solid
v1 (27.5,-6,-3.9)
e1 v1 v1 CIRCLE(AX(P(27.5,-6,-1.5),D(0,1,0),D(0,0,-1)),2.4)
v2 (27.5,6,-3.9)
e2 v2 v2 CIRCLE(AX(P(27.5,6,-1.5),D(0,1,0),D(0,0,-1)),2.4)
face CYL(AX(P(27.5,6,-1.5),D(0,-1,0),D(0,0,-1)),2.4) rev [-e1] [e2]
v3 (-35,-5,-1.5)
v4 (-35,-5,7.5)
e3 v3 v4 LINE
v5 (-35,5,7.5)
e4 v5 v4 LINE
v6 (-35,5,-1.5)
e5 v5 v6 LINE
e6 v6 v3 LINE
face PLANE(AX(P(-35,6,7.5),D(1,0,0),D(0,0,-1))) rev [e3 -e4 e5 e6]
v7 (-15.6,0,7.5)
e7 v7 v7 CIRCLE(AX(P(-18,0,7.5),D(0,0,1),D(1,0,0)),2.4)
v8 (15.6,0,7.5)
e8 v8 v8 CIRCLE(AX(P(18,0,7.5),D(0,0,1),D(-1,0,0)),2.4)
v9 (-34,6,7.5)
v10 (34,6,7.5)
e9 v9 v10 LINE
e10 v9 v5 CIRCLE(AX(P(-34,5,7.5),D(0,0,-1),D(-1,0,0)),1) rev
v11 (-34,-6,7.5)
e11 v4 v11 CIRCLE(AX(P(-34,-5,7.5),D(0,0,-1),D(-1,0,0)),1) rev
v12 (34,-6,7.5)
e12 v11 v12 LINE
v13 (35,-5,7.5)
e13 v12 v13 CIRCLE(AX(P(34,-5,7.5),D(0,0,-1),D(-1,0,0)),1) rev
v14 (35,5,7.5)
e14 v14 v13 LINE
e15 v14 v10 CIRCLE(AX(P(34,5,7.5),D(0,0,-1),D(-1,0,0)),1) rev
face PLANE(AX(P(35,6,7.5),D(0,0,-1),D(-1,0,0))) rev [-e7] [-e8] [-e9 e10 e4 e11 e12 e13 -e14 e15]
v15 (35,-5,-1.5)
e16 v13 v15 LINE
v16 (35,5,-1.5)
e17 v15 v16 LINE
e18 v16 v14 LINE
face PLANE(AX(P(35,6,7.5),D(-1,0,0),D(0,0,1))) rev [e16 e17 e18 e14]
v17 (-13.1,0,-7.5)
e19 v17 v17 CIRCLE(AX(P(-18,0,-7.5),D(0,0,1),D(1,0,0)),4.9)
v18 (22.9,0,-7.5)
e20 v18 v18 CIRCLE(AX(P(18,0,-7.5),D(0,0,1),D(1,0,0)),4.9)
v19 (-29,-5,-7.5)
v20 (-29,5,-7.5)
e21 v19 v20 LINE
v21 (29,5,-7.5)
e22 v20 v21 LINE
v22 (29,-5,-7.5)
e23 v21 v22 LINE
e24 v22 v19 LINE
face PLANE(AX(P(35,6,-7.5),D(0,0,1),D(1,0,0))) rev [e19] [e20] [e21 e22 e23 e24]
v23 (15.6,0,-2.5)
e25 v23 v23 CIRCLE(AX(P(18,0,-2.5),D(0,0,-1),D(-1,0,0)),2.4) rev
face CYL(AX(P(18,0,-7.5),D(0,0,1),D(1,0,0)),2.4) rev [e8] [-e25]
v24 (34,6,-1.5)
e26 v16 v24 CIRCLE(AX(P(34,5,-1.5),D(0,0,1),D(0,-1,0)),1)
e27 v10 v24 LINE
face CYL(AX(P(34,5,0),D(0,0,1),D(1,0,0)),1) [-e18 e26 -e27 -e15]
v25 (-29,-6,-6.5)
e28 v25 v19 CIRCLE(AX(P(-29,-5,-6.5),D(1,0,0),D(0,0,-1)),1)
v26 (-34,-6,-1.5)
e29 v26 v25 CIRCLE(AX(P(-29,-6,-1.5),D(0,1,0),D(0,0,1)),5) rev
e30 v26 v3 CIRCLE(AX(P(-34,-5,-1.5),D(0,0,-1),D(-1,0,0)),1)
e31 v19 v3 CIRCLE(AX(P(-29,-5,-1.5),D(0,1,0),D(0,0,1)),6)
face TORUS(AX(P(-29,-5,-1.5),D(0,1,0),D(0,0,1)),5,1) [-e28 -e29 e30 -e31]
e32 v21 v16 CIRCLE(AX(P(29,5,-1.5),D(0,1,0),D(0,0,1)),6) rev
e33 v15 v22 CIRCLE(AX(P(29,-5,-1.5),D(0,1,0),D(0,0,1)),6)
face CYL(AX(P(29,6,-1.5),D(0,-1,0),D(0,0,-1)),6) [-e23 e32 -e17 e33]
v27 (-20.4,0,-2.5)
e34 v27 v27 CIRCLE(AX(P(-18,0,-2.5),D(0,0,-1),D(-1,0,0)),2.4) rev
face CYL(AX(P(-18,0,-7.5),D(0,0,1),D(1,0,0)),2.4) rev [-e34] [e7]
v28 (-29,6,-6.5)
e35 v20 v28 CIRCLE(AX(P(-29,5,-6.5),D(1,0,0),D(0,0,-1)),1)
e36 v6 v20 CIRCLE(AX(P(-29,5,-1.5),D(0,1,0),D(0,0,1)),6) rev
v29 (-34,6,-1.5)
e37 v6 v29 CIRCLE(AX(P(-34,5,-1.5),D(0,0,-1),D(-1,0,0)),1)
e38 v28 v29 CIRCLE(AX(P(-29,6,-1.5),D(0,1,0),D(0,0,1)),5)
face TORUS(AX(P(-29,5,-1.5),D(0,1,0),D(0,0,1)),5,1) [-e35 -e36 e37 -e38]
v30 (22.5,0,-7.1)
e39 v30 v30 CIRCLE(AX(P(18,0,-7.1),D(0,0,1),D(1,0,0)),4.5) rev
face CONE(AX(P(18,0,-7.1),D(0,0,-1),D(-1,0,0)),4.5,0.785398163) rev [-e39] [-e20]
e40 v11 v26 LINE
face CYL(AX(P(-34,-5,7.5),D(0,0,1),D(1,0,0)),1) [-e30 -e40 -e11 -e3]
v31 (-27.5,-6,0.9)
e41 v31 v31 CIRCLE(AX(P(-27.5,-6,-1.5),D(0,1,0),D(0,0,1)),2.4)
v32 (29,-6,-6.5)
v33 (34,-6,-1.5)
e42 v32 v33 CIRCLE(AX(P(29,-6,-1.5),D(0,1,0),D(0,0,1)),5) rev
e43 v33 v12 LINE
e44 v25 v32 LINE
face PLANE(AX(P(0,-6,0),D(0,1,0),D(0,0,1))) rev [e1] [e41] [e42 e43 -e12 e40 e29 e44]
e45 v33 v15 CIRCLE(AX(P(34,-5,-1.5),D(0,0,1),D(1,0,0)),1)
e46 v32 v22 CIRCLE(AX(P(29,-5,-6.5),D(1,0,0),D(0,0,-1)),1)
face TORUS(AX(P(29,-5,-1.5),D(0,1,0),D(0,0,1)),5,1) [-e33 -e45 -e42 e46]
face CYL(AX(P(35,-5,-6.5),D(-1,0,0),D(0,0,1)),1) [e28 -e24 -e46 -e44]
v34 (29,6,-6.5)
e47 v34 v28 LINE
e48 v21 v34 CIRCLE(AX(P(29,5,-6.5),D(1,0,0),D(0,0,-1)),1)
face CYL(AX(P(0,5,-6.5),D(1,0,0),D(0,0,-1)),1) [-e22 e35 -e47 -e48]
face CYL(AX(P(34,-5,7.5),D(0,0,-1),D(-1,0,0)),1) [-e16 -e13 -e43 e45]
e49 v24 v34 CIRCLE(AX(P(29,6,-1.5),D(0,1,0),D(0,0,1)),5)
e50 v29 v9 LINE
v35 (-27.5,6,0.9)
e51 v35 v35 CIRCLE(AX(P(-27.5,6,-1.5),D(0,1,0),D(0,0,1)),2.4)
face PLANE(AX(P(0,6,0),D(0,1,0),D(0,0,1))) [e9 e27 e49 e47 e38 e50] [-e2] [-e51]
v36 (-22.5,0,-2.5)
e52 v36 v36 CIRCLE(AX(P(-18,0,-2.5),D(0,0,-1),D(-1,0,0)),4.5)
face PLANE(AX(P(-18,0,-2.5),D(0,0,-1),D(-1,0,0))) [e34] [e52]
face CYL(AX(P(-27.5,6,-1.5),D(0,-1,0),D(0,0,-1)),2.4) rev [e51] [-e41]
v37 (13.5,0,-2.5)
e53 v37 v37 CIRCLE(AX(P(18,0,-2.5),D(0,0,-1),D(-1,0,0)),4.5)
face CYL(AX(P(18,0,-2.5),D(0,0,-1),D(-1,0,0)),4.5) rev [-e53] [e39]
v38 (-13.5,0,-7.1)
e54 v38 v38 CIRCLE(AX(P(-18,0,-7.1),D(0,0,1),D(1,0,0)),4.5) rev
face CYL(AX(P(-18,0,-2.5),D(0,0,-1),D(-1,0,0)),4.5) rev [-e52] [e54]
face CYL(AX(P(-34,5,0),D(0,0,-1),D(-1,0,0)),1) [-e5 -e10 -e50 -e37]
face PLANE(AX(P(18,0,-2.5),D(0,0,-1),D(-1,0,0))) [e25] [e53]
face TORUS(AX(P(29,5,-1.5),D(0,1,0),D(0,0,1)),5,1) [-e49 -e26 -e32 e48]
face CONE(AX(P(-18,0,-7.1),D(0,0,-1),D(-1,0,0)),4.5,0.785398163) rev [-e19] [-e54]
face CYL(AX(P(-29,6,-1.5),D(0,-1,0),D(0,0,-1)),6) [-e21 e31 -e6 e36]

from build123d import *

# Parameters (mm, degrees)
SKETCH2_W           = 70
SKETCH2_H           = 15
SKETCH2_R           = 2.4
BOSS_EXTRUDE1_DEPTH = 6
SKETCH4_R           = 2.4
CUT_EXTRUDE1_DEPTH  = 39.548670535
FILLET1_R           = 6
FILLET2_R           = 1
SKETCH5_R           = 4.5
CUT_EXTRUDE2_DEPTH  = 5
CHAMFER1_SIZE       = 0.4


with BuildPart() as part:
    # Sketch2 → Boss-Extrude1 (new, symmetric)
    with BuildSketch(Plane(origin=(0, 0, 0), x_dir=(1, 0, 0), z_dir=(0, 1, 0))):
        Rectangle(SKETCH2_W, SKETCH2_H)
        with Locations(Location((-27.5, 1.5, 0), (0, 0, 270))):
            Circle(SKETCH2_R, mode=Mode.SUBTRACT)
        with Locations(Location((27.5, 1.5, 0), (0, 0, 90))):
            Circle(SKETCH2_R, mode=Mode.SUBTRACT)
    extrude(amount=BOSS_EXTRUDE1_DEPTH, both=True)

    # Sketch4 → Cut-Extrude1 (cut, through all)
    with BuildSketch(Plane.XY.offset(7.5)):
        with Locations((-18, 0)):
            Circle(SKETCH4_R)
        with Locations(Location((18, 0, 0), (0, 0, 180))):
            Circle(SKETCH4_R)
    extrude(amount=-CUT_EXTRUDE1_DEPTH, mode=Mode.SUBTRACT)

    # Fillet1
    fillet1_edges = [part.edges().sort_by_distance(p)[0] for p in [
        (-35, 0, -7.5),
        (35, 0, -7.5),
    ]]
    fillet(fillet1_edges, radius=FILLET1_R)

    # Fillet2
    fillet2_edges = [part.edges().sort_by_distance(p)[0] for p in [
        (35, 6, 3),
        (-35, -6, 3),
        (-35, 6, 3),
        (0, -6, -7.5),
        (33.242640687, -6, -5.742640687),
        (-33.242640687, -6, -5.742640687),
        (0, 6, -7.5),
        (33.242640687, 6, -5.742640687),
        (-33.242640687, 6, -5.742640687),
        (35, -6, 3),
    ]]
    fillet(fillet2_edges, radius=FILLET2_R)

    # Sketch5 → Cut-Extrude2 (cut)
    with BuildSketch(Plane(origin=(0, 0, -7.5), x_dir=(-1, 0, 0), z_dir=(0, 0, -1))):
        with Locations((-18, 0)):
            Circle(SKETCH5_R)
        with Locations((18, 0)):
            Circle(SKETCH5_R)
    extrude(amount=-CUT_EXTRUDE2_DEPTH, mode=Mode.SUBTRACT)

    # Chamfer1
    chamfer1_edges = [part.edges().sort_by_distance(p)[0] for p in [
        (22.5, 0, -7.5),
        (-13.5, 0, -7.5),
    ]]
    chamfer(chamfer1_edges, length=CHAMFER1_SIZE)


solid = part.part
